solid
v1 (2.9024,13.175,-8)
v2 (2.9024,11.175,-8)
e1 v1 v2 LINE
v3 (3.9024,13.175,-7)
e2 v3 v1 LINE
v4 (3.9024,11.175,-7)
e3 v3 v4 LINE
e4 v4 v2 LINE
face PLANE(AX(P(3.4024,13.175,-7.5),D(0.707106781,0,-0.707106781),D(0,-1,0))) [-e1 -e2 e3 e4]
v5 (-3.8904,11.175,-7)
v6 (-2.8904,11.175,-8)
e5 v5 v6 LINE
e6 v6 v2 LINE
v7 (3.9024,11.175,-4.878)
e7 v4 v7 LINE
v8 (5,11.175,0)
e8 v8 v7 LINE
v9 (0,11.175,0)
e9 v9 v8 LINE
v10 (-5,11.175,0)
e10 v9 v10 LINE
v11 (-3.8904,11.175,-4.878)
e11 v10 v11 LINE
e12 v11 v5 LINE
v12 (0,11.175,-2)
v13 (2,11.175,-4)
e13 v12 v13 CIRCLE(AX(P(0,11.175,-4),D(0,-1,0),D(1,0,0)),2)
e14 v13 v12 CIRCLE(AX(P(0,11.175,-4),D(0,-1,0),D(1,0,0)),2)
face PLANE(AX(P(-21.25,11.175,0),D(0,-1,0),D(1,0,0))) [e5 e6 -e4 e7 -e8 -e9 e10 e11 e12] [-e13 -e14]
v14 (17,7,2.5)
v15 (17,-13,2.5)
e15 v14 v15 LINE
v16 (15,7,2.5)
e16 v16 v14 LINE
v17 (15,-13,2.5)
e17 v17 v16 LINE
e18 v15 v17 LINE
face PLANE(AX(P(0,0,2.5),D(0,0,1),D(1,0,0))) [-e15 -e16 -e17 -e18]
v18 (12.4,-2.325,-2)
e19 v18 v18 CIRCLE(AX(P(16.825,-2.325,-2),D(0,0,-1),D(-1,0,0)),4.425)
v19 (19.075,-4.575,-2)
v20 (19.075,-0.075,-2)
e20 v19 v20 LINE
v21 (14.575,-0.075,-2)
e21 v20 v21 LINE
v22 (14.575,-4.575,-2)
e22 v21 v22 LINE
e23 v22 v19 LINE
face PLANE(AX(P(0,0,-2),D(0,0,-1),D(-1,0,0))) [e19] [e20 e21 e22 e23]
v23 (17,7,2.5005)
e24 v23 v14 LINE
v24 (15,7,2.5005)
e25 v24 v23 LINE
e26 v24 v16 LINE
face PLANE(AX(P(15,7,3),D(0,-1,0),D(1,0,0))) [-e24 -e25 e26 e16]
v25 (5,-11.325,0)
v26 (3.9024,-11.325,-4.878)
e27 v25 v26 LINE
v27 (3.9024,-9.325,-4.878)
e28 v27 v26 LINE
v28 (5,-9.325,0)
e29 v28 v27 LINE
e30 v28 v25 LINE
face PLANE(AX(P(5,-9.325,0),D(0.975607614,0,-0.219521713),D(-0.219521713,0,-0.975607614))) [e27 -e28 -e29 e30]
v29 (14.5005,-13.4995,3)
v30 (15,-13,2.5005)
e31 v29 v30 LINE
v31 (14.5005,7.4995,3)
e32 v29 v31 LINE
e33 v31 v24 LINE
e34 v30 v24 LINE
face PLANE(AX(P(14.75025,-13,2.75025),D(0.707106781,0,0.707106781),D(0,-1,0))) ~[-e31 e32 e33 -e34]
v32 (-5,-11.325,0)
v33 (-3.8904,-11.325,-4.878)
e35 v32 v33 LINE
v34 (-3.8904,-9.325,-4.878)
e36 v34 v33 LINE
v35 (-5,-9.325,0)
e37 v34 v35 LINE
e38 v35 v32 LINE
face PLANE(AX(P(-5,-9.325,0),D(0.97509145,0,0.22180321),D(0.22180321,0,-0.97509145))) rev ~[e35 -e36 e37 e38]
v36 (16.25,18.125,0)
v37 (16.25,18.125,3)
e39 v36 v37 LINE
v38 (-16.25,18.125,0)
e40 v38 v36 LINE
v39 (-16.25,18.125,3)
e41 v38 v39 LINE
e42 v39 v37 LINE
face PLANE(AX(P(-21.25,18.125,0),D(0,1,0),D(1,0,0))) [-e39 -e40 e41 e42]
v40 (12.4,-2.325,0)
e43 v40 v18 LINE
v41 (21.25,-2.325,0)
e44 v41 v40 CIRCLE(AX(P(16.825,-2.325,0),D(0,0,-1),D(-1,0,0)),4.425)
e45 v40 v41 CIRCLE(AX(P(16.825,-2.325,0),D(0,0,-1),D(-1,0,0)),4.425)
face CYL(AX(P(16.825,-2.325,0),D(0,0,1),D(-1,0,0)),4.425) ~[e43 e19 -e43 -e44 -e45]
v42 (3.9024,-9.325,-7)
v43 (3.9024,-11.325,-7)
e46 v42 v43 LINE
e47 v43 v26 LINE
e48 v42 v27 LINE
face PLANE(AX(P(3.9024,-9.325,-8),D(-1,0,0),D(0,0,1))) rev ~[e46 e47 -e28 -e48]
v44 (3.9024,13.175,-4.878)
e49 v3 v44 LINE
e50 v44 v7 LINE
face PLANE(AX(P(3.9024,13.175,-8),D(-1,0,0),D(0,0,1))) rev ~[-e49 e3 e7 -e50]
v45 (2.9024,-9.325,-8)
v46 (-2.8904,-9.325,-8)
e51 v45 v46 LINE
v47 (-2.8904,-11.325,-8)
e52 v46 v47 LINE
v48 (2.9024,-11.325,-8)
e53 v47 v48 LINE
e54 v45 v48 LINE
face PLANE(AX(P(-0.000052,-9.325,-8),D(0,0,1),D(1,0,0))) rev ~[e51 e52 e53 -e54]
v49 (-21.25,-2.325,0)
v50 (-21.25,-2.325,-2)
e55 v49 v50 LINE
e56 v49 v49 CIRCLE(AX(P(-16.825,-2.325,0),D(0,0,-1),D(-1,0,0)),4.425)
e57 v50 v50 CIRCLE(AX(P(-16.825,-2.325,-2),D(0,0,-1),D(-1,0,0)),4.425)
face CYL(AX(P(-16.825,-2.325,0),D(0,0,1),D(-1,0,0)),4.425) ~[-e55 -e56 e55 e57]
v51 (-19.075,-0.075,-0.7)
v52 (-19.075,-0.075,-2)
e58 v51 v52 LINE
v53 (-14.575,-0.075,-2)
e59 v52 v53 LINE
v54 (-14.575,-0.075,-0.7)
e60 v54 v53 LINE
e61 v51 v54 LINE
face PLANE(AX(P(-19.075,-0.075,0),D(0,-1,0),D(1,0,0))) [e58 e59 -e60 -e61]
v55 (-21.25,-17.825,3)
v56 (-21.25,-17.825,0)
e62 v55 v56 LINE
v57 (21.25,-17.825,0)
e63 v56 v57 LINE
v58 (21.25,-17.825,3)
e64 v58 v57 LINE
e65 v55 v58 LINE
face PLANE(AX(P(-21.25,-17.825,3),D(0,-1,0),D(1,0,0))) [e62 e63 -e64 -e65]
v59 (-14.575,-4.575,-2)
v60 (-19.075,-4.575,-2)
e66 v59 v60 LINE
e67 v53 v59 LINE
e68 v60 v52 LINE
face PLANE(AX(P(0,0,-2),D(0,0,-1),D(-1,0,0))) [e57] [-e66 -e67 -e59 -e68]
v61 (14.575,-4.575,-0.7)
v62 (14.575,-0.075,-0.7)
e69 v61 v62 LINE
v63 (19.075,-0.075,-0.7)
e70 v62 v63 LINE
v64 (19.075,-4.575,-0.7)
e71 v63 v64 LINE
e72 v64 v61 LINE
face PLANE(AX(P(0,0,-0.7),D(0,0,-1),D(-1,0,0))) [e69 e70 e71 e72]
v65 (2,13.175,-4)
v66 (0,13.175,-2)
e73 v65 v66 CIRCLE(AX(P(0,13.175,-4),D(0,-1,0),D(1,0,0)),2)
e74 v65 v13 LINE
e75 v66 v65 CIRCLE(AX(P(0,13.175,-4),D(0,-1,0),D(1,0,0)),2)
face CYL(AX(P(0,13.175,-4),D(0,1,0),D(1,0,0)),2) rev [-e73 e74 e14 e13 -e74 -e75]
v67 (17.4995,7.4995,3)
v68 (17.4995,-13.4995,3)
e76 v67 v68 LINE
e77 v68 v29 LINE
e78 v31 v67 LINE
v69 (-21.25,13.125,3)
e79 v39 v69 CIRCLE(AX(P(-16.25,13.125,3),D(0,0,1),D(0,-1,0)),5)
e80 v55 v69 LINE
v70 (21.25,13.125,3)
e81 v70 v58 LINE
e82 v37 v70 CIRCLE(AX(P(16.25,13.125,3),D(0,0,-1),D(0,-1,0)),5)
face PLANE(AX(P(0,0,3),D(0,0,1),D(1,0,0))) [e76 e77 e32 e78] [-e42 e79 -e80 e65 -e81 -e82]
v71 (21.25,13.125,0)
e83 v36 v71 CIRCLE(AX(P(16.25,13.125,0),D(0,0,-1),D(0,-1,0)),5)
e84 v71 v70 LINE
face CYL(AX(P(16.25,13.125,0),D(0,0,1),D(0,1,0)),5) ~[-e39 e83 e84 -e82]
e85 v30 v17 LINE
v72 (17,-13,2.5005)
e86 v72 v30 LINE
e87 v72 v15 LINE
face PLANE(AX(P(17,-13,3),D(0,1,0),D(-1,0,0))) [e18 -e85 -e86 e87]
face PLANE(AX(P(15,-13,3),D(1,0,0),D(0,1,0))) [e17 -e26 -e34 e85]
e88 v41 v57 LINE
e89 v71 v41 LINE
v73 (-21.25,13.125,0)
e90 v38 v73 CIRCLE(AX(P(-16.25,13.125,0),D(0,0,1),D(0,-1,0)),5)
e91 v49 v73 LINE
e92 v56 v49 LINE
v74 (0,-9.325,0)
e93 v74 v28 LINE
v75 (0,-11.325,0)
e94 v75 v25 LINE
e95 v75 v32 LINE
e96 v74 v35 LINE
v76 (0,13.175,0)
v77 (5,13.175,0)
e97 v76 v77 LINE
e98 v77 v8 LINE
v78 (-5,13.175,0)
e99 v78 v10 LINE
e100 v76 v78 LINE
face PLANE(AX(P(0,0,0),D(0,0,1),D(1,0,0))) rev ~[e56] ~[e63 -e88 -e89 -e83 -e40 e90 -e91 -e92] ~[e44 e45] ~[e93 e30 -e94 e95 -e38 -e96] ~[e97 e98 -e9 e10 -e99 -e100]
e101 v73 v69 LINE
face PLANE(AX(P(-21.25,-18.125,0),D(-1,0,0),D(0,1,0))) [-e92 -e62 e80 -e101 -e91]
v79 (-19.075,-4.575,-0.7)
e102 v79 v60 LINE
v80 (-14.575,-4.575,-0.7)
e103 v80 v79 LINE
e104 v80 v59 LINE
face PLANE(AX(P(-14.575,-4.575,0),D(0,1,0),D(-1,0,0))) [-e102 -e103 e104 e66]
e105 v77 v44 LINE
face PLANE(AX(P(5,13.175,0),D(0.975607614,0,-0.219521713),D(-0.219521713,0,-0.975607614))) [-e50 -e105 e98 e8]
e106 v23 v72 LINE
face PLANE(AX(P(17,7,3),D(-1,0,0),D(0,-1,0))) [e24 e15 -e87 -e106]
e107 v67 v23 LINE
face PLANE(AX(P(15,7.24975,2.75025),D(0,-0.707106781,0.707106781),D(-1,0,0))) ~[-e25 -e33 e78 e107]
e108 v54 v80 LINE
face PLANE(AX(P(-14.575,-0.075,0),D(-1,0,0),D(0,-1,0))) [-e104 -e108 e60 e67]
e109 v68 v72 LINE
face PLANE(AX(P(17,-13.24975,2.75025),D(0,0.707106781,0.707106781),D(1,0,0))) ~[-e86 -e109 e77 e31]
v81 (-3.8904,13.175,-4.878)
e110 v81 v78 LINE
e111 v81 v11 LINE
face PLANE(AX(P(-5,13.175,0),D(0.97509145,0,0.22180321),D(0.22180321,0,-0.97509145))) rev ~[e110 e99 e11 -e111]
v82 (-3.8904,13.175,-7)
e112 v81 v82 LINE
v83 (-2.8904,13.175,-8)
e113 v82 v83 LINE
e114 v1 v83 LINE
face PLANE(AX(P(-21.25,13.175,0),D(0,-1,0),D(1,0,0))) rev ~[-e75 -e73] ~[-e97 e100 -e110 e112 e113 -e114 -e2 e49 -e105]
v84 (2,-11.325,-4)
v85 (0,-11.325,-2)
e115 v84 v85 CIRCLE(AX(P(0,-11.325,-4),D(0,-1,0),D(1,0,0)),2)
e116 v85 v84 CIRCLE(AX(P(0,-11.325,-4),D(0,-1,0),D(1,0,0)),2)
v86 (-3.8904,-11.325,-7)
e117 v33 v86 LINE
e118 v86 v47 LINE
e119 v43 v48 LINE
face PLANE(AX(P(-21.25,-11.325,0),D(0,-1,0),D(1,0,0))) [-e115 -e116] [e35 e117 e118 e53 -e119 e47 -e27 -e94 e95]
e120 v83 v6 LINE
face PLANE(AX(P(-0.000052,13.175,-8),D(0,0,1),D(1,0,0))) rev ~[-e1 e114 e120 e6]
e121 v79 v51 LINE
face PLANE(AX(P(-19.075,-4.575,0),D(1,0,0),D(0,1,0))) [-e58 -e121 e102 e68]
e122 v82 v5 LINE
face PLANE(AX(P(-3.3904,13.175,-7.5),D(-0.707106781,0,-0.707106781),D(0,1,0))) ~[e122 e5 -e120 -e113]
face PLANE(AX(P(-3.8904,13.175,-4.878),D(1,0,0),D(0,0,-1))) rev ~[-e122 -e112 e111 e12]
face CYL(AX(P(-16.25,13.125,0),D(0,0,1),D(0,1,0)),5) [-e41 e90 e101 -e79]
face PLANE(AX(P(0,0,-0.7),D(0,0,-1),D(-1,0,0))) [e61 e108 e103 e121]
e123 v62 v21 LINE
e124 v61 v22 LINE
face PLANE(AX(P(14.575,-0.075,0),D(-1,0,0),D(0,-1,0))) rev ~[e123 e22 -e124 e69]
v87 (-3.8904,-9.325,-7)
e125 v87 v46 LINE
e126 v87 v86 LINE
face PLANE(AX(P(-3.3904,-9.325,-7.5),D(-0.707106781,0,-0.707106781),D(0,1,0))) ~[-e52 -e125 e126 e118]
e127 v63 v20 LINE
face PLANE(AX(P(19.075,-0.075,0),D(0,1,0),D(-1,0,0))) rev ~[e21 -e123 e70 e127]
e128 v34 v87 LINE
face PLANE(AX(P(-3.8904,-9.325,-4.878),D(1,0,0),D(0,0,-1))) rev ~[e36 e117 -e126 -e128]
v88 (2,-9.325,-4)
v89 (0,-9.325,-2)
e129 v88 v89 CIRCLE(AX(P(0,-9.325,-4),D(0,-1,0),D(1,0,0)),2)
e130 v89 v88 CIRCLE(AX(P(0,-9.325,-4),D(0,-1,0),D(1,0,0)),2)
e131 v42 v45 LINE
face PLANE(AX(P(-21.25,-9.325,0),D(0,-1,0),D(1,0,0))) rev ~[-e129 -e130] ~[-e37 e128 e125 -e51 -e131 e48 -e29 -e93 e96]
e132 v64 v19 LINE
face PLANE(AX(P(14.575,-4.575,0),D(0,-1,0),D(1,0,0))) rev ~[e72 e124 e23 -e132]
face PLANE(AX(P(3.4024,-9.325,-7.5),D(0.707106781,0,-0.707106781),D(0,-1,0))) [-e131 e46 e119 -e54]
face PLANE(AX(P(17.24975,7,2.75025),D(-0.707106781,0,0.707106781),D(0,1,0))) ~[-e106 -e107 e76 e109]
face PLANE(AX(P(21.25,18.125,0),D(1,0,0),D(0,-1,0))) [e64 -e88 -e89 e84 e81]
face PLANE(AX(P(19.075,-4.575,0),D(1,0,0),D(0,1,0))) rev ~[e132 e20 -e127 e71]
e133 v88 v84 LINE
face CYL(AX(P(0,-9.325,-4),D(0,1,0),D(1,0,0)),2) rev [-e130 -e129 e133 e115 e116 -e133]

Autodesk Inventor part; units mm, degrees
ref_plane "YZ Plane" through (0, 0, 0) normal (1, 0, 0) x (0, 1, 0)
ref_plane "XZ Plane" through (0, 0, 0) normal (0, 1, 0) x (-1, 0, 0)
sketch "스케치1" plane through (0, 0, 0) normal (0, 0, 1) x (1, 0, 0)
  line L0 (-21.25, 18.125) -> (21.25, 18.125)
  line L1 (21.25, 18.125) -> (21.25, -18.125)
  line L2 (21.25, -18.125) -> (-21.25, -18.125)
  line L3 (-21.25, -18.125) -> (-21.25, 18.125)
  line L4 (-21.25, 18.125) -> (21.25, -18.125) construction
  line L5 (21.25, 18.125) -> (-21.25, -18.125) construction
  point P0 (0, 0)
  dimension "d0" = 42.5
  dimension "d1" = 36.25
extrude "돌출1" add sketch "스케치1" along normal blind 3
fillet "모깎기1" radius 5 2 edges at (21.25, 18.125, 1.5) (-21.25, 18.125, 1.5)
ref_plane "작업 평면1" through (-21.25, -9.325, 0) normal (0, -1, 0) x (1, 0, 0)
sketch "스케치2" plane through (-21.25, -9.325, 0) normal (0, -1, 0) x (1, 0, 0)
  line L0 (21.25, 0) -> (21.25, -4)
  circle A0 centre (21.25, -4) radius 2
  circle A1 centre (21.25, -4) radius 4
  line L1 (21.25, 0) -> (26.25, 0)
  line L2 (0, 0) -> (42.5, 0) construction
  line L3 (26.25, 0) -> (25.1524, -4.878)
  line L4 (21.25, 0) -> (16.25, 0)
  line L5 (16.25, 0) -> (17.4292, -5.184)
  dimension "d6" = 4
  dimension "d7" = 4
  dimension "d8" = 8
  dimension "d9" = 10
extrude "돌출2" add sketch "스케치2" along normal blind 2 contours L1 L3 A1 | A1 L5 | A1 L5 L4 picked at (20.9261, -0.7066)
pattern_linear "직사각형 패턴1" count 2 spacing 22.5 along (0, 1, 0) of "돌출2"
sketch "스케치3" plane through (0, 0, 0) normal (0, 0, -1) x (-1, 0, 0)
  circle A0 centre (16.825, -2.325) radius 4.425
  line L0 (21.25, -18.125) -> (-21.25, -18.125) projected
  line L1 (0, 0) -> (0, 4.3779)
  circle A1 centre (-16.825, -2.325) radius 4.425
  line L2 (21.25, 13.125) -> (21.25, -18.125) projected
  line L3 (-19.075, -0.075) -> (-14.575, -0.075)
  line L4 (-14.575, -0.075) -> (-14.575, -4.575)
  line L5 (-14.575, -4.575) -> (-19.075, -4.575)
  line L6 (-19.075, -4.575) -> (-19.075, -0.075)
  line L7 (-19.075, -0.075) -> (-14.575, -4.575) construction
  line L8 (-14.575, -0.075) -> (-19.075, -4.575) construction
  line L9 (14.575, -4.575) -> (19.075, -4.575)
  line L10 (19.075, -4.575) -> (19.075, -0.075)
  line L11 (19.075, -0.075) -> (14.575, -0.075)
  line L12 (14.575, -0.075) -> (14.575, -4.575)
  line L13 (14.575, -4.575) -> (19.075, -0.075) construction
  line L14 (19.075, -4.575) -> (14.575, -0.075) construction
  dimension "d16" = 15.8
  dimension "d17" = 33.65
  dimension "d18" = 4.5
  dimension "d19" = 4.5
  dimension "d20" = 4.5
  dimension "d21" = 4.5
extrude "돌출3" add sketch "스케치3" along normal blind 2
sketch "스케치4" plane through (0, 0, 3) normal (0, 0, 1) x (1, 0, 0)
  line L0 (-21.25, -18.125) -> (21.25, -18.125) projected
  line L1 (21.25, -18.125) -> (21.25, 13.125) projected
  line L2 (-21.25, 13.125) -> (-21.25, -18.125) projected
  line L3 (-21.25, -17.825) -> (21.25, -17.825)
  point P0 (0, 0)
  dimension "d24" = 0.3
extrude "돌출4" cut sketch "스케치4" against normal blind 3
sketch "스케치5" plane through (0, 0, 3) normal (0, 0, 1) x (1, 0, 0)
  line L0 (15, 7) -> (17, 7)
  line L1 (17, 7) -> (17, -13)
  line L2 (17, -13) -> (15, -13)
  line L3 (15, -13) -> (15, 7)
  line L4 (15, 7) -> (17, -13) construction
  line L5 (17, 7) -> (15, -13) construction
  point P0 (0, 0)
  point P1 (16, -3)
  dimension "d27" = 2
  dimension "d28" = 20
  dimension "d32" = 3
  dimension "d33" = 16
extrude "돌출5" cut sketch "스케치5" against normal blind 0.5
chamfer "모따기1" distance 0.5 angle 45 4 edges at (15, -3, 3) (16, 7, 3) (17, -3, 3) (16, -13, 3)
sketch "스케치6" plane through (0, 0, 0) normal (0, 0, -1) x (-1, 0, 0)
  line L0 (-19.075, -0.075) -> (-19.075, -4.575) projected
  line L1 (-19.075, -4.575) -> (-14.575, -4.575) projected
  line L2 (-14.575, -4.575) -> (-14.575, -0.075) projected
  line L3 (-14.575, -0.075) -> (-19.075, -0.075) projected
  line L4 (14.575, -4.575) -> (19.075, -4.575) projected
  line L5 (19.075, -4.575) -> (19.075, -0.075) projected
  line L6 (19.075, -0.075) -> (14.575, -0.075) projected
  line L7 (14.575, -0.075) -> (14.575, -4.575) projected
  point P0 (0, 0)
extrude "돌출6" add sketch "스케치6" along normal blind 0.7
sketch "스케치9" plane through (-21.25, -9.325, 0) normal (0, 1, 0) x (1, 0, 0)
  arc A0 (25.1524, 4.878) -> (17.4292, 5.184) centre (21.25, 4) ccw projected
  line L0 (25.1524, 4.878) -> (17.3596, 4.878)
  line L1 (17.3596, 4.878) -> (17.3596, 8)
  line L2 (17.3596, 8) -> (25.1524, 8)
  line L3 (25.1524, 8) -> (25.1524, 4.878)
  line L4 (16.25, 0) -> (17.4292, 5.184) projected
  point P0 (21.25, 0)
  point P1 (21.25, 8)
extrude "돌출9" add sketch "스케치9" against normal blind 2 contours A0 L2 L3 | A0 L4 L1 L2
chamfer "모따기3" distance 1 angle 45 2 edges at (3.9024, -10.325, -8) (-3.8904, -10.325, -8)
pattern_linear "직사각형 패턴2" count 2 spacing 22.5 along (0, 1, 0) of "돌출9", "모따기3"
properties part number "버튼 스위치 상단"
